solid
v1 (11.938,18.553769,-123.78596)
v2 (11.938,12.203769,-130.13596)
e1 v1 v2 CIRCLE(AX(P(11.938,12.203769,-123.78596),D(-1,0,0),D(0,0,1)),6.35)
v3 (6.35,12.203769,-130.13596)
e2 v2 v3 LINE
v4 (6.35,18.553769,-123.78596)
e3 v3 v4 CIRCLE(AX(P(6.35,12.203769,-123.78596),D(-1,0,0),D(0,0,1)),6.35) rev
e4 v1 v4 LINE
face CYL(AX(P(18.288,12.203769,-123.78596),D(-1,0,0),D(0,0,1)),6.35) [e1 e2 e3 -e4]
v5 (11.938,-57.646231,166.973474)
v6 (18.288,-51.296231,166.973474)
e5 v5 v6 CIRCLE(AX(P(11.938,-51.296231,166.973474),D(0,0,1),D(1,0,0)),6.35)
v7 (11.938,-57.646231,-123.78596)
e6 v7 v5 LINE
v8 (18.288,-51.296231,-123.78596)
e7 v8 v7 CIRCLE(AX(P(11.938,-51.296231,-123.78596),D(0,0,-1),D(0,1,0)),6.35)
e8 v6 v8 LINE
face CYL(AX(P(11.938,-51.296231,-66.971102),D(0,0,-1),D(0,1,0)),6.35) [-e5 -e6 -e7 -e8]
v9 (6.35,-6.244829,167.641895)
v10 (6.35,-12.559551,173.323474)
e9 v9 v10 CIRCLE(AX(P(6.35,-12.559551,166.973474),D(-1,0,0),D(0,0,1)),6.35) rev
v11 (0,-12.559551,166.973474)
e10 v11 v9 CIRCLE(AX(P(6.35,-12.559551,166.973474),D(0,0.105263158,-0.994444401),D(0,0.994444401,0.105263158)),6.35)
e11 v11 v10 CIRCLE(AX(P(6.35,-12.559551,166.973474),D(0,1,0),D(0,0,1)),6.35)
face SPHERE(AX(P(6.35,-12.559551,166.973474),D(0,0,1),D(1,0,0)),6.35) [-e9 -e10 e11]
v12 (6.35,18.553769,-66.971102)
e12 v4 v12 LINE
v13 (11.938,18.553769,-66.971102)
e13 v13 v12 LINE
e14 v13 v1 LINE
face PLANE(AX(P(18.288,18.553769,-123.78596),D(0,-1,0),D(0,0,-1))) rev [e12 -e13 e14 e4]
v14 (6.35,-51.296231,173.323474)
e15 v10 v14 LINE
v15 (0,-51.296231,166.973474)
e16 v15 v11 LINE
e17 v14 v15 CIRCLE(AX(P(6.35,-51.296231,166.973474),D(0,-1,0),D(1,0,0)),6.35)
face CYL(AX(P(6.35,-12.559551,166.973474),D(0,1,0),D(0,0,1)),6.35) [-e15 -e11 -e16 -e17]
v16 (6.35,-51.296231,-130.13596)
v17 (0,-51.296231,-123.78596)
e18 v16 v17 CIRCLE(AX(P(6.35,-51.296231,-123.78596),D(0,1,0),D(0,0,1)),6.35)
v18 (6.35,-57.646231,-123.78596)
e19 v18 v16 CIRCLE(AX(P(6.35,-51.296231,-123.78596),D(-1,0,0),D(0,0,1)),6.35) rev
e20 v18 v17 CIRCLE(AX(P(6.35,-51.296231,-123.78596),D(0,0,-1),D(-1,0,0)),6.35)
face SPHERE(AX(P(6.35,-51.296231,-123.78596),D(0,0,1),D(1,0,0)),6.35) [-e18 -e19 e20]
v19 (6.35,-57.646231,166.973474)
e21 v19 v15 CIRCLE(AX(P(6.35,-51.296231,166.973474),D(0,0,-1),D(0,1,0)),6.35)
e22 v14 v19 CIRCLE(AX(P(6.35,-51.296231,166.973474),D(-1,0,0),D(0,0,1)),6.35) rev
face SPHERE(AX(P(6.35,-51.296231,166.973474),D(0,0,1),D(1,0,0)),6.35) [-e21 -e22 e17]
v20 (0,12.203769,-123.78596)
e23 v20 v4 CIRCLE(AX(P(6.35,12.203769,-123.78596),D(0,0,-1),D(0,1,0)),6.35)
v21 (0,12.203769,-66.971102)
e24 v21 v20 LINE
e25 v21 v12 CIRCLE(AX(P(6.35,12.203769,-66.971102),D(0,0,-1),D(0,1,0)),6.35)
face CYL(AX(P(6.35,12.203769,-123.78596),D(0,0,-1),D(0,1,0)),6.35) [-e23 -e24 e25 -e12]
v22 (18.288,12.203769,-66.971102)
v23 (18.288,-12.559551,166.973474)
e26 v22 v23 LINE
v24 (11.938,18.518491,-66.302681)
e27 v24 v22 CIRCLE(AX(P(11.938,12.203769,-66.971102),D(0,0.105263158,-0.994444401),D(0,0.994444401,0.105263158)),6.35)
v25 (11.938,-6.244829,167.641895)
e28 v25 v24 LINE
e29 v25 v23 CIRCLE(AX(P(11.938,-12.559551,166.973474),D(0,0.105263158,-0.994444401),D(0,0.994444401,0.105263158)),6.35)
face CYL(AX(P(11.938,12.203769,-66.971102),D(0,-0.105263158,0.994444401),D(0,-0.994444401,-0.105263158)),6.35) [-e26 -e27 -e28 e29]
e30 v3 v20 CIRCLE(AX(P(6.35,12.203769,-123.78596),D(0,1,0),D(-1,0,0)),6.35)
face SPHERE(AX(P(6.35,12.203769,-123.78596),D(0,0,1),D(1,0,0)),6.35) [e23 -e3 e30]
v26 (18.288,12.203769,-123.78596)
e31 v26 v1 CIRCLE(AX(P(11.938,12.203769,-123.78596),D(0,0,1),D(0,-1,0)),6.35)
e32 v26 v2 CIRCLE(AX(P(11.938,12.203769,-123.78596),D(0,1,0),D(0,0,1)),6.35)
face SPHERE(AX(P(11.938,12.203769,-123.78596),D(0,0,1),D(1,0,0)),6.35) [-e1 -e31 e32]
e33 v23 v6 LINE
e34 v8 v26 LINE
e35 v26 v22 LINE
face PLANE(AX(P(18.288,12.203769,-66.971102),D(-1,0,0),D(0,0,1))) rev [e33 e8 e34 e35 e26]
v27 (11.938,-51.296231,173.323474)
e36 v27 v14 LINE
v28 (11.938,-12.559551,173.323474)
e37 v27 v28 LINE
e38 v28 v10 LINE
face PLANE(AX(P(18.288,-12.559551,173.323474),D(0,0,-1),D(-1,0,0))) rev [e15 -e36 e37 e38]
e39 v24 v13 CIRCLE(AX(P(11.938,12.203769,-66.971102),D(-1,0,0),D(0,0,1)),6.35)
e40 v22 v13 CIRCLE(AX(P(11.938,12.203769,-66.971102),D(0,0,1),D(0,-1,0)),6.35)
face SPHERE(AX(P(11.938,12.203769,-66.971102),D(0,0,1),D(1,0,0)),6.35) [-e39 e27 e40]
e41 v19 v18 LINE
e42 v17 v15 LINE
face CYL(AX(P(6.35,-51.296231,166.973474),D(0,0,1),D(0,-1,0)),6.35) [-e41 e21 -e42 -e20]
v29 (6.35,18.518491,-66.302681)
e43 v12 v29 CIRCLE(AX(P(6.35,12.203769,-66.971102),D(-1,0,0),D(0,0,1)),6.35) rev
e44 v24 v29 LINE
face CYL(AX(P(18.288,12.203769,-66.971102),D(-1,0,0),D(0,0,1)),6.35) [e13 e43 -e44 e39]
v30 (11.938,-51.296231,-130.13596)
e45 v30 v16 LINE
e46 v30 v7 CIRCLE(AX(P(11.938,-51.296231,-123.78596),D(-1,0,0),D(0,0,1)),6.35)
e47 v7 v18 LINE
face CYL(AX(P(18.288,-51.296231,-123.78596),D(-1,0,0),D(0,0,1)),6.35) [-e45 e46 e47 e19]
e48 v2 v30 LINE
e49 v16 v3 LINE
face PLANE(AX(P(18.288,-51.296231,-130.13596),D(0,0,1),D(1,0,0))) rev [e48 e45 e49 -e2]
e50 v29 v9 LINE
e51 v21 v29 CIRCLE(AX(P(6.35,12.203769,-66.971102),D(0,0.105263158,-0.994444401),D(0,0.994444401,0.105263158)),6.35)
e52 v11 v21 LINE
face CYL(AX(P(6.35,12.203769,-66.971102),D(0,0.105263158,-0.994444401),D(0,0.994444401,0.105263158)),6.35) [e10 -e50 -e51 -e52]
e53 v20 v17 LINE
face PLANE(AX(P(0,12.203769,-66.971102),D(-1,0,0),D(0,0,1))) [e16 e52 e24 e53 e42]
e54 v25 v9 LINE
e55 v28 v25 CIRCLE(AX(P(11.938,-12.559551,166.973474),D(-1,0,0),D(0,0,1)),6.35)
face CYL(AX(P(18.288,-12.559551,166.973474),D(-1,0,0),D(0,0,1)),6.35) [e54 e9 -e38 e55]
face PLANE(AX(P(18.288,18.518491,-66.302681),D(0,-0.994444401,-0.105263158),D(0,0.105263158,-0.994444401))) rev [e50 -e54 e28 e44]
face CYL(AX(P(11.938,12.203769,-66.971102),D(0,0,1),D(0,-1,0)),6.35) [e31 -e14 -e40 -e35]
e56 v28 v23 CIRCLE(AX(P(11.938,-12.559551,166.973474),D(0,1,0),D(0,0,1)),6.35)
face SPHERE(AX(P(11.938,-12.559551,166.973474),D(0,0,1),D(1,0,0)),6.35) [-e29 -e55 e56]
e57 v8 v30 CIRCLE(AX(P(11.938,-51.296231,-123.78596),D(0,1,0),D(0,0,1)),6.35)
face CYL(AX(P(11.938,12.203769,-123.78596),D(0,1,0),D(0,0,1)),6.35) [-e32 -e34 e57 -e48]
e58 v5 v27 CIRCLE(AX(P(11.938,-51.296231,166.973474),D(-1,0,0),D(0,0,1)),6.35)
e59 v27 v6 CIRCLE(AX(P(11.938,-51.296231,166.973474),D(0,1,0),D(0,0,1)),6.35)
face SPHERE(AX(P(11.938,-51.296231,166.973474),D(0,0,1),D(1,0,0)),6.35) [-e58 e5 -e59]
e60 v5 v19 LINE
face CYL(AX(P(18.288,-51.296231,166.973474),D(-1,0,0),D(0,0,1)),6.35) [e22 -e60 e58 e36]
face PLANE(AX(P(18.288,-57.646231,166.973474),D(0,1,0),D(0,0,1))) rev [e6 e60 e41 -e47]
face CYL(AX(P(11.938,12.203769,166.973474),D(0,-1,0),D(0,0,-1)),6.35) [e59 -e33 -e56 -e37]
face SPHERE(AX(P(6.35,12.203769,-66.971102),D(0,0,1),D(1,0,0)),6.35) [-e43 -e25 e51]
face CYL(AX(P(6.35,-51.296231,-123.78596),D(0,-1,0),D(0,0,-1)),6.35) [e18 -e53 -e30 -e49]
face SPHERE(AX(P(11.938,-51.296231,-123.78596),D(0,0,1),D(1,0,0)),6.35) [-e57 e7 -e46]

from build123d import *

# Parameters (mm, degrees)
BOSS_EXTRUDE1_DEPTH = 18.288
FILLET1_R           = 6.35


with BuildPart() as part:
    # Sketch1 → Boss-Extrude1 (new body)
    with BuildSketch(Plane(origin=(0, 0, 0), x_dir=(0, 0, -1), z_dir=(1, 0, 0))):
        with BuildLine():
            Line((-166.973473818, -57.646230654), (123.785960254, -57.646230654))
            ThreePointArc((123.785960254, -57.646230654), (128.276088314, -55.786358715), (130.135960254, -51.296230654))
            Line((130.135960254, -51.296230654), (130.135960254, 12.203769346))
            ThreePointArc((130.135960254, 12.203769346), (128.276088314, 16.693897406), (123.785960254, 18.553769346))
            Line((123.785960254, 18.553769346), (66.971101736, 18.553769346))
            ThreePointArc((66.971101736, 18.553769346), (66.636426055, 18.5449437), (66.302680683, 18.518491295))
            Line((66.302680683, 18.518491295), (-167.641894871, -6.244828564))
            ThreePointArc((-167.641894871, -6.244828564), (-171.694012648, -8.31231457), (-173.323473818, -12.559550513))
            Line((-173.323473818, -12.559550513), (-173.323473818, -51.296230654))
            ThreePointArc((-173.323473818, -51.296230654), (-171.463601879, -55.786358715), (-166.973473818, -57.646230654))
        make_face()
    extrude(amount=BOSS_EXTRUDE1_DEPTH)

    # Fillet1
    fillet1_edges = [part.edges().sort_by_distance(p)[0] for p in [
        (18.288, -8.31231457, 171.694012648),
        (0, -19.546230654, -130.135960254),
        (0, -55.786358715, -128.276088314),
        (0, -57.646230654, 21.593756782),
        (0, -55.786358715, 171.463601879),
        (0, -31.927890584, 173.323473818),
        (0, -8.31231457, 171.694012648),
        (0, 6.136831366, 50.669607094),
        (0, 18.5449437, -66.636426055),
        (18.288, -31.927890584, 173.323473818),
        (18.288, -55.786358715, 171.463601879),
        (18.288, -57.646230654, 21.593756782),
        (18.288, -55.786358715, -128.276088314),
        (18.288, -19.546230654, -130.135960254),
        (18.288, 16.693897406, -128.276088314),
        (18.288, 18.553769346, -95.378530995),
        (18.288, 18.5449437, -66.636426055),
        (18.288, 6.136831366, 50.669607094),
        (0, 18.553769346, -95.378530995),
        (0, 16.693897406, -128.276088314),
    ]]
    fillet(fillet1_edges, radius=FILLET1_R)


solid = part.part
